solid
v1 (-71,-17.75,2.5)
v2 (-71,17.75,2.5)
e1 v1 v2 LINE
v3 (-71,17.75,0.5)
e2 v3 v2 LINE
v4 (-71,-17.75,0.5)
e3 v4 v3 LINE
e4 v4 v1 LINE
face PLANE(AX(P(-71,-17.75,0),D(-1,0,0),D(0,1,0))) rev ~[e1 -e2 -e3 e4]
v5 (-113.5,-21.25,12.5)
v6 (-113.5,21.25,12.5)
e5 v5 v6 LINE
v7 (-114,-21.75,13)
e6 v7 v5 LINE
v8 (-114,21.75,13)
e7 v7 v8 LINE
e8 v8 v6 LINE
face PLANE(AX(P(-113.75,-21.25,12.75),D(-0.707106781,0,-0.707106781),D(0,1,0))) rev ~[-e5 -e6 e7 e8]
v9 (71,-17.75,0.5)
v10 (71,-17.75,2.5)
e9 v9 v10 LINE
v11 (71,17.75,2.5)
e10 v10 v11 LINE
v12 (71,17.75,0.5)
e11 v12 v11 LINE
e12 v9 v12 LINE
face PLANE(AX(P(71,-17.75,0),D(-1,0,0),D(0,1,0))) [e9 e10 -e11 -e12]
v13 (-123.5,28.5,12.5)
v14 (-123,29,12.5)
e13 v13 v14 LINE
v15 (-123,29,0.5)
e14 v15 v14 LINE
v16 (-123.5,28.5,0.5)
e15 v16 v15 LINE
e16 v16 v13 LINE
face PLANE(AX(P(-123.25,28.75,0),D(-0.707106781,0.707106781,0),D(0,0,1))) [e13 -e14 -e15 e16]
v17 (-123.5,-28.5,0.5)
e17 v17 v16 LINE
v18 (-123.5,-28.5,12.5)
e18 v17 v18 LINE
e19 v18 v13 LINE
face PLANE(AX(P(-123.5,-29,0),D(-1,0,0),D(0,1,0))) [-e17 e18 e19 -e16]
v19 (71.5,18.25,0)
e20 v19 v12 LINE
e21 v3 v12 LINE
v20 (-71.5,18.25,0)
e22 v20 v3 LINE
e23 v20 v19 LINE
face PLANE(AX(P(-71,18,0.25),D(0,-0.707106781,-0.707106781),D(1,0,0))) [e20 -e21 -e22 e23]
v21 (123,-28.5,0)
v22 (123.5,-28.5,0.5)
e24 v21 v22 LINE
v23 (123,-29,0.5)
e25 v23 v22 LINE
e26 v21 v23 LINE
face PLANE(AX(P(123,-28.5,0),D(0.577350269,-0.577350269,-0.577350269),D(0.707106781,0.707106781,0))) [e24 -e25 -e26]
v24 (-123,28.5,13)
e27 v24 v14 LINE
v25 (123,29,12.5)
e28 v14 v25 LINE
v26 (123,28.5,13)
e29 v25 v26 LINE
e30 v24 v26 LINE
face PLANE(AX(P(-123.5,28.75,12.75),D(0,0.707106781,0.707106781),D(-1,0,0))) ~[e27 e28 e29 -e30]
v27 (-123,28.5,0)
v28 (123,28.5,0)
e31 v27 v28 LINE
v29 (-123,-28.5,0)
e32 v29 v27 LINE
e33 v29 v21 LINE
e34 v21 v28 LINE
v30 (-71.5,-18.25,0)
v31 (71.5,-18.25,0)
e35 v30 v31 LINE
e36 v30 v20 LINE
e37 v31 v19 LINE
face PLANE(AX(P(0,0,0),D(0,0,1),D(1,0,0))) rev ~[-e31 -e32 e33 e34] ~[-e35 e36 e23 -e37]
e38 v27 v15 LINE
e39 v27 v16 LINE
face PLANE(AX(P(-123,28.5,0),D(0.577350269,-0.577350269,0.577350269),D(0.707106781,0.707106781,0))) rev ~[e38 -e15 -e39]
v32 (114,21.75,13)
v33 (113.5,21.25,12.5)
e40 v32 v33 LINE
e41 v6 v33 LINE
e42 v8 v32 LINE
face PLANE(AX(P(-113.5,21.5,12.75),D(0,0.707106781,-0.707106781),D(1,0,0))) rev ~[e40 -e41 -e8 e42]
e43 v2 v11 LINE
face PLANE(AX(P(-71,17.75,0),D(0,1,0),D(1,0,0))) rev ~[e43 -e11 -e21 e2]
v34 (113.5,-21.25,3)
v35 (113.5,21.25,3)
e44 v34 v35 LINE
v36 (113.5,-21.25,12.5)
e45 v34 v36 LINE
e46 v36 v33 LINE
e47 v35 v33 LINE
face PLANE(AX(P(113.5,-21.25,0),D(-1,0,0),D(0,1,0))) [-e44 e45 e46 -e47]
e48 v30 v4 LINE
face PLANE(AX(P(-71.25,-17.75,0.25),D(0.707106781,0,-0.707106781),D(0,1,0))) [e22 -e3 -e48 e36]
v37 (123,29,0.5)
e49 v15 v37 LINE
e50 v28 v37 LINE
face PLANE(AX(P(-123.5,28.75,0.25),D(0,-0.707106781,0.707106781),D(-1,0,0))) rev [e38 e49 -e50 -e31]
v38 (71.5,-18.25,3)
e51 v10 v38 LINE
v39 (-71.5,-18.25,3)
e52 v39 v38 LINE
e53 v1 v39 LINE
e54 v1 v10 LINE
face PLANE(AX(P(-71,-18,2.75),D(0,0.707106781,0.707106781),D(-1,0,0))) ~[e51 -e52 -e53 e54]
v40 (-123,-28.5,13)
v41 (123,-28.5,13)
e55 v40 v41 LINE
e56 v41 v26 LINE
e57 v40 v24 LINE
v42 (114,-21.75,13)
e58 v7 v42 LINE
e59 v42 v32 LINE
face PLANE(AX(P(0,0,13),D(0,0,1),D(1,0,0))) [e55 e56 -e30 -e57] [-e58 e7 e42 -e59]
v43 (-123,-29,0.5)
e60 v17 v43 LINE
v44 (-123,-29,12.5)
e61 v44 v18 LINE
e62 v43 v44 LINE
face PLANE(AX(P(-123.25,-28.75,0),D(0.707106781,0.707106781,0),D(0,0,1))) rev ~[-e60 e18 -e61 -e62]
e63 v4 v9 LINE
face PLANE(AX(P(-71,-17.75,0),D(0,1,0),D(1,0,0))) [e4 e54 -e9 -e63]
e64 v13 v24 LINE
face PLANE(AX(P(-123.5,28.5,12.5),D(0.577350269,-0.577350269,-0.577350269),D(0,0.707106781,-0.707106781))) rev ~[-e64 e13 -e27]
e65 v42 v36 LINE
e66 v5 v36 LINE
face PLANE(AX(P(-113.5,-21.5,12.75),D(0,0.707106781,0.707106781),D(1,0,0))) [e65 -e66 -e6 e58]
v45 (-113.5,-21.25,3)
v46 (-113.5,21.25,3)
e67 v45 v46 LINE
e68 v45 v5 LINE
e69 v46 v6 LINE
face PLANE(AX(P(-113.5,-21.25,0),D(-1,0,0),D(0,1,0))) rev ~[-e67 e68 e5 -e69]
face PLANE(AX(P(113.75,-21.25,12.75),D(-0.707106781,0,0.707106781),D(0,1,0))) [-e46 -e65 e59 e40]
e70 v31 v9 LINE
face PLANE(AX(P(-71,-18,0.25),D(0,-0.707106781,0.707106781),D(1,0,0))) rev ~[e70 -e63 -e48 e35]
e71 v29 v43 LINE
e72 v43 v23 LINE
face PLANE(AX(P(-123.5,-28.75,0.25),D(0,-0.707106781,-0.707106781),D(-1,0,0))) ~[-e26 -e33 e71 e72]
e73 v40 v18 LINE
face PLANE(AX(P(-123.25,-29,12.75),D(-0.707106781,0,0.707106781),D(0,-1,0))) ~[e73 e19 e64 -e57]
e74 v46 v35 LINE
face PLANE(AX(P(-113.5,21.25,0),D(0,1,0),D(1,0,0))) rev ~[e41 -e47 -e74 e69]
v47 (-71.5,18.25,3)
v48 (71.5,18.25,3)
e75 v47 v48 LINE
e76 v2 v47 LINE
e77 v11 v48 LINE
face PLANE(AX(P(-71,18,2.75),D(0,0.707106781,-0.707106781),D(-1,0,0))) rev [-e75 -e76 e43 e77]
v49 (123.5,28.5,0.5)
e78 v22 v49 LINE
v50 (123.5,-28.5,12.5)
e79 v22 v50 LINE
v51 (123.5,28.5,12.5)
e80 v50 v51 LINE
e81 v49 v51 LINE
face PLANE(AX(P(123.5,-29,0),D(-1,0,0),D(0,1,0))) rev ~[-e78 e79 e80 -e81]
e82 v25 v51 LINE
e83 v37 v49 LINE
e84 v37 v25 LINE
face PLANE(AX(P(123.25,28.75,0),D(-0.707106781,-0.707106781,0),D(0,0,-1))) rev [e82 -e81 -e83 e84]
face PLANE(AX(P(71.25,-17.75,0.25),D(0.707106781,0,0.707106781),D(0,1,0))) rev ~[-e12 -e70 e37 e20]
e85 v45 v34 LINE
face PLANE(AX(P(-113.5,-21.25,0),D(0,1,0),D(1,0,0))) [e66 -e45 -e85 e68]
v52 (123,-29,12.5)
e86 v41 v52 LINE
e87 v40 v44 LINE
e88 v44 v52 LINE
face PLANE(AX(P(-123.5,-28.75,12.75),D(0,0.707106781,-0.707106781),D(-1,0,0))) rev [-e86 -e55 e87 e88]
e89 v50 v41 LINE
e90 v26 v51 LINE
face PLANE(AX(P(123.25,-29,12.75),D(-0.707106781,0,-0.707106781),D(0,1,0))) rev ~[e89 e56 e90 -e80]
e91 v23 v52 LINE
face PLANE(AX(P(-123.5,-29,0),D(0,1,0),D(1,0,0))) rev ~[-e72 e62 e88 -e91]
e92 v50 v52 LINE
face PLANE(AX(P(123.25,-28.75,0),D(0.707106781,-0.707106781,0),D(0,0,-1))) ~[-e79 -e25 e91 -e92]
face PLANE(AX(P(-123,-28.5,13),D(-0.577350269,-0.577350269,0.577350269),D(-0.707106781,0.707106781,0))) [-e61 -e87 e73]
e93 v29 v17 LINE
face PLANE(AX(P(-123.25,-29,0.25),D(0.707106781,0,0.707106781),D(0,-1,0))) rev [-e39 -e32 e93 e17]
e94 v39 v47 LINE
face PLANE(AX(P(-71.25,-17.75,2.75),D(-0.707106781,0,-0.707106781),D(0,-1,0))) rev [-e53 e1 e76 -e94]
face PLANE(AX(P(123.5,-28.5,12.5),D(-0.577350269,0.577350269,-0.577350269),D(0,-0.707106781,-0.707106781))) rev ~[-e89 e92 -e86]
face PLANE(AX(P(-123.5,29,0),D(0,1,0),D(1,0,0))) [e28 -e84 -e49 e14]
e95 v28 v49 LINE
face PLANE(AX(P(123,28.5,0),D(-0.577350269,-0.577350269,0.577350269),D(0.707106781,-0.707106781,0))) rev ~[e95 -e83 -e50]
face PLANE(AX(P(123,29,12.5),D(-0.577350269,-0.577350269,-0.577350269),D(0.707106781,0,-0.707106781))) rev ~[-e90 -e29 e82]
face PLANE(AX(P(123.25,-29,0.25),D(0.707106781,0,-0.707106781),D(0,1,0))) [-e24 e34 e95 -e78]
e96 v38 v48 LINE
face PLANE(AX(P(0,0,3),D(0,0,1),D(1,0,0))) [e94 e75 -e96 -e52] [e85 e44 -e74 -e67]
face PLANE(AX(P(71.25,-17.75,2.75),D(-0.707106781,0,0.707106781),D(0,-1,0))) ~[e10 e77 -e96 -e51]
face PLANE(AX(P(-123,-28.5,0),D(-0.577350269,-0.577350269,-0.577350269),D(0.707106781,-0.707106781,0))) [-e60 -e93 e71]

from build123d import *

# Parameters (mm, degrees)
F0_W     = 227
F0_H     = 42.5
F0_W_2   = 142
F0_H_2   = 35.5
F1_DEPTH = 3
F0_W_3   = 247
F0_H_3   = 58
F2_DEPTH = 13
F3_SIZE  = 0.5
F4_SIZE  = 0.5


with BuildPart() as f1:
    # F0 (on Top) → F1 (new body)
    with BuildSketch(Plane.XY):
        Rectangle(F0_W, F0_H)
        Rectangle(F0_W_2, F0_H_2, mode=Mode.SUBTRACT)
    extrude(amount=F1_DEPTH)

    # F0 (on Top) → F2 (join)
    with BuildSketch(Plane.XY):
        Rectangle(F0_W_3, F0_H_3)
        Rectangle(F0_W, F0_H, mode=Mode.SUBTRACT)
    extrude(amount=F2_DEPTH)

    # F3
    f3_edges = [f1.edges().sort_by_distance(p)[0] for p in [
        (-123.5, -29, 6.5),
        (0, -29, 13),
        (123.5, 0, 13),
        (0, 29, 13),
        (-123.5, 0, 13),
        (113.5, 0, 13),
        (0, -21.25, 13),
        (-113.5, 0, 13),
        (0, 21.25, 13),
        (123.5, -29, 6.5),
        (123.5, 29, 6.5),
        (-123.5, 29, 6.5),
        (-123.5, 0, 0),
        (0, -29, 0),
        (0, 29, 0),
        (123.5, 0, 0),
    ]]
    chamfer(f3_edges, length=F3_SIZE)

    # F4
    f4_edges = [f1.edges().sort_by_distance(p)[0] for p in [
        (0, -17.75, 3),
        (-71, 0, 3),
        (0, 17.75, 3),
        (71, 0, 3),
        (0, -17.75, 0),
        (-71, 0, 0),
        (0, 17.75, 0),
        (71, 0, 0),
    ]]
    chamfer(f4_edges, length=F4_SIZE)


solid = f1.part
